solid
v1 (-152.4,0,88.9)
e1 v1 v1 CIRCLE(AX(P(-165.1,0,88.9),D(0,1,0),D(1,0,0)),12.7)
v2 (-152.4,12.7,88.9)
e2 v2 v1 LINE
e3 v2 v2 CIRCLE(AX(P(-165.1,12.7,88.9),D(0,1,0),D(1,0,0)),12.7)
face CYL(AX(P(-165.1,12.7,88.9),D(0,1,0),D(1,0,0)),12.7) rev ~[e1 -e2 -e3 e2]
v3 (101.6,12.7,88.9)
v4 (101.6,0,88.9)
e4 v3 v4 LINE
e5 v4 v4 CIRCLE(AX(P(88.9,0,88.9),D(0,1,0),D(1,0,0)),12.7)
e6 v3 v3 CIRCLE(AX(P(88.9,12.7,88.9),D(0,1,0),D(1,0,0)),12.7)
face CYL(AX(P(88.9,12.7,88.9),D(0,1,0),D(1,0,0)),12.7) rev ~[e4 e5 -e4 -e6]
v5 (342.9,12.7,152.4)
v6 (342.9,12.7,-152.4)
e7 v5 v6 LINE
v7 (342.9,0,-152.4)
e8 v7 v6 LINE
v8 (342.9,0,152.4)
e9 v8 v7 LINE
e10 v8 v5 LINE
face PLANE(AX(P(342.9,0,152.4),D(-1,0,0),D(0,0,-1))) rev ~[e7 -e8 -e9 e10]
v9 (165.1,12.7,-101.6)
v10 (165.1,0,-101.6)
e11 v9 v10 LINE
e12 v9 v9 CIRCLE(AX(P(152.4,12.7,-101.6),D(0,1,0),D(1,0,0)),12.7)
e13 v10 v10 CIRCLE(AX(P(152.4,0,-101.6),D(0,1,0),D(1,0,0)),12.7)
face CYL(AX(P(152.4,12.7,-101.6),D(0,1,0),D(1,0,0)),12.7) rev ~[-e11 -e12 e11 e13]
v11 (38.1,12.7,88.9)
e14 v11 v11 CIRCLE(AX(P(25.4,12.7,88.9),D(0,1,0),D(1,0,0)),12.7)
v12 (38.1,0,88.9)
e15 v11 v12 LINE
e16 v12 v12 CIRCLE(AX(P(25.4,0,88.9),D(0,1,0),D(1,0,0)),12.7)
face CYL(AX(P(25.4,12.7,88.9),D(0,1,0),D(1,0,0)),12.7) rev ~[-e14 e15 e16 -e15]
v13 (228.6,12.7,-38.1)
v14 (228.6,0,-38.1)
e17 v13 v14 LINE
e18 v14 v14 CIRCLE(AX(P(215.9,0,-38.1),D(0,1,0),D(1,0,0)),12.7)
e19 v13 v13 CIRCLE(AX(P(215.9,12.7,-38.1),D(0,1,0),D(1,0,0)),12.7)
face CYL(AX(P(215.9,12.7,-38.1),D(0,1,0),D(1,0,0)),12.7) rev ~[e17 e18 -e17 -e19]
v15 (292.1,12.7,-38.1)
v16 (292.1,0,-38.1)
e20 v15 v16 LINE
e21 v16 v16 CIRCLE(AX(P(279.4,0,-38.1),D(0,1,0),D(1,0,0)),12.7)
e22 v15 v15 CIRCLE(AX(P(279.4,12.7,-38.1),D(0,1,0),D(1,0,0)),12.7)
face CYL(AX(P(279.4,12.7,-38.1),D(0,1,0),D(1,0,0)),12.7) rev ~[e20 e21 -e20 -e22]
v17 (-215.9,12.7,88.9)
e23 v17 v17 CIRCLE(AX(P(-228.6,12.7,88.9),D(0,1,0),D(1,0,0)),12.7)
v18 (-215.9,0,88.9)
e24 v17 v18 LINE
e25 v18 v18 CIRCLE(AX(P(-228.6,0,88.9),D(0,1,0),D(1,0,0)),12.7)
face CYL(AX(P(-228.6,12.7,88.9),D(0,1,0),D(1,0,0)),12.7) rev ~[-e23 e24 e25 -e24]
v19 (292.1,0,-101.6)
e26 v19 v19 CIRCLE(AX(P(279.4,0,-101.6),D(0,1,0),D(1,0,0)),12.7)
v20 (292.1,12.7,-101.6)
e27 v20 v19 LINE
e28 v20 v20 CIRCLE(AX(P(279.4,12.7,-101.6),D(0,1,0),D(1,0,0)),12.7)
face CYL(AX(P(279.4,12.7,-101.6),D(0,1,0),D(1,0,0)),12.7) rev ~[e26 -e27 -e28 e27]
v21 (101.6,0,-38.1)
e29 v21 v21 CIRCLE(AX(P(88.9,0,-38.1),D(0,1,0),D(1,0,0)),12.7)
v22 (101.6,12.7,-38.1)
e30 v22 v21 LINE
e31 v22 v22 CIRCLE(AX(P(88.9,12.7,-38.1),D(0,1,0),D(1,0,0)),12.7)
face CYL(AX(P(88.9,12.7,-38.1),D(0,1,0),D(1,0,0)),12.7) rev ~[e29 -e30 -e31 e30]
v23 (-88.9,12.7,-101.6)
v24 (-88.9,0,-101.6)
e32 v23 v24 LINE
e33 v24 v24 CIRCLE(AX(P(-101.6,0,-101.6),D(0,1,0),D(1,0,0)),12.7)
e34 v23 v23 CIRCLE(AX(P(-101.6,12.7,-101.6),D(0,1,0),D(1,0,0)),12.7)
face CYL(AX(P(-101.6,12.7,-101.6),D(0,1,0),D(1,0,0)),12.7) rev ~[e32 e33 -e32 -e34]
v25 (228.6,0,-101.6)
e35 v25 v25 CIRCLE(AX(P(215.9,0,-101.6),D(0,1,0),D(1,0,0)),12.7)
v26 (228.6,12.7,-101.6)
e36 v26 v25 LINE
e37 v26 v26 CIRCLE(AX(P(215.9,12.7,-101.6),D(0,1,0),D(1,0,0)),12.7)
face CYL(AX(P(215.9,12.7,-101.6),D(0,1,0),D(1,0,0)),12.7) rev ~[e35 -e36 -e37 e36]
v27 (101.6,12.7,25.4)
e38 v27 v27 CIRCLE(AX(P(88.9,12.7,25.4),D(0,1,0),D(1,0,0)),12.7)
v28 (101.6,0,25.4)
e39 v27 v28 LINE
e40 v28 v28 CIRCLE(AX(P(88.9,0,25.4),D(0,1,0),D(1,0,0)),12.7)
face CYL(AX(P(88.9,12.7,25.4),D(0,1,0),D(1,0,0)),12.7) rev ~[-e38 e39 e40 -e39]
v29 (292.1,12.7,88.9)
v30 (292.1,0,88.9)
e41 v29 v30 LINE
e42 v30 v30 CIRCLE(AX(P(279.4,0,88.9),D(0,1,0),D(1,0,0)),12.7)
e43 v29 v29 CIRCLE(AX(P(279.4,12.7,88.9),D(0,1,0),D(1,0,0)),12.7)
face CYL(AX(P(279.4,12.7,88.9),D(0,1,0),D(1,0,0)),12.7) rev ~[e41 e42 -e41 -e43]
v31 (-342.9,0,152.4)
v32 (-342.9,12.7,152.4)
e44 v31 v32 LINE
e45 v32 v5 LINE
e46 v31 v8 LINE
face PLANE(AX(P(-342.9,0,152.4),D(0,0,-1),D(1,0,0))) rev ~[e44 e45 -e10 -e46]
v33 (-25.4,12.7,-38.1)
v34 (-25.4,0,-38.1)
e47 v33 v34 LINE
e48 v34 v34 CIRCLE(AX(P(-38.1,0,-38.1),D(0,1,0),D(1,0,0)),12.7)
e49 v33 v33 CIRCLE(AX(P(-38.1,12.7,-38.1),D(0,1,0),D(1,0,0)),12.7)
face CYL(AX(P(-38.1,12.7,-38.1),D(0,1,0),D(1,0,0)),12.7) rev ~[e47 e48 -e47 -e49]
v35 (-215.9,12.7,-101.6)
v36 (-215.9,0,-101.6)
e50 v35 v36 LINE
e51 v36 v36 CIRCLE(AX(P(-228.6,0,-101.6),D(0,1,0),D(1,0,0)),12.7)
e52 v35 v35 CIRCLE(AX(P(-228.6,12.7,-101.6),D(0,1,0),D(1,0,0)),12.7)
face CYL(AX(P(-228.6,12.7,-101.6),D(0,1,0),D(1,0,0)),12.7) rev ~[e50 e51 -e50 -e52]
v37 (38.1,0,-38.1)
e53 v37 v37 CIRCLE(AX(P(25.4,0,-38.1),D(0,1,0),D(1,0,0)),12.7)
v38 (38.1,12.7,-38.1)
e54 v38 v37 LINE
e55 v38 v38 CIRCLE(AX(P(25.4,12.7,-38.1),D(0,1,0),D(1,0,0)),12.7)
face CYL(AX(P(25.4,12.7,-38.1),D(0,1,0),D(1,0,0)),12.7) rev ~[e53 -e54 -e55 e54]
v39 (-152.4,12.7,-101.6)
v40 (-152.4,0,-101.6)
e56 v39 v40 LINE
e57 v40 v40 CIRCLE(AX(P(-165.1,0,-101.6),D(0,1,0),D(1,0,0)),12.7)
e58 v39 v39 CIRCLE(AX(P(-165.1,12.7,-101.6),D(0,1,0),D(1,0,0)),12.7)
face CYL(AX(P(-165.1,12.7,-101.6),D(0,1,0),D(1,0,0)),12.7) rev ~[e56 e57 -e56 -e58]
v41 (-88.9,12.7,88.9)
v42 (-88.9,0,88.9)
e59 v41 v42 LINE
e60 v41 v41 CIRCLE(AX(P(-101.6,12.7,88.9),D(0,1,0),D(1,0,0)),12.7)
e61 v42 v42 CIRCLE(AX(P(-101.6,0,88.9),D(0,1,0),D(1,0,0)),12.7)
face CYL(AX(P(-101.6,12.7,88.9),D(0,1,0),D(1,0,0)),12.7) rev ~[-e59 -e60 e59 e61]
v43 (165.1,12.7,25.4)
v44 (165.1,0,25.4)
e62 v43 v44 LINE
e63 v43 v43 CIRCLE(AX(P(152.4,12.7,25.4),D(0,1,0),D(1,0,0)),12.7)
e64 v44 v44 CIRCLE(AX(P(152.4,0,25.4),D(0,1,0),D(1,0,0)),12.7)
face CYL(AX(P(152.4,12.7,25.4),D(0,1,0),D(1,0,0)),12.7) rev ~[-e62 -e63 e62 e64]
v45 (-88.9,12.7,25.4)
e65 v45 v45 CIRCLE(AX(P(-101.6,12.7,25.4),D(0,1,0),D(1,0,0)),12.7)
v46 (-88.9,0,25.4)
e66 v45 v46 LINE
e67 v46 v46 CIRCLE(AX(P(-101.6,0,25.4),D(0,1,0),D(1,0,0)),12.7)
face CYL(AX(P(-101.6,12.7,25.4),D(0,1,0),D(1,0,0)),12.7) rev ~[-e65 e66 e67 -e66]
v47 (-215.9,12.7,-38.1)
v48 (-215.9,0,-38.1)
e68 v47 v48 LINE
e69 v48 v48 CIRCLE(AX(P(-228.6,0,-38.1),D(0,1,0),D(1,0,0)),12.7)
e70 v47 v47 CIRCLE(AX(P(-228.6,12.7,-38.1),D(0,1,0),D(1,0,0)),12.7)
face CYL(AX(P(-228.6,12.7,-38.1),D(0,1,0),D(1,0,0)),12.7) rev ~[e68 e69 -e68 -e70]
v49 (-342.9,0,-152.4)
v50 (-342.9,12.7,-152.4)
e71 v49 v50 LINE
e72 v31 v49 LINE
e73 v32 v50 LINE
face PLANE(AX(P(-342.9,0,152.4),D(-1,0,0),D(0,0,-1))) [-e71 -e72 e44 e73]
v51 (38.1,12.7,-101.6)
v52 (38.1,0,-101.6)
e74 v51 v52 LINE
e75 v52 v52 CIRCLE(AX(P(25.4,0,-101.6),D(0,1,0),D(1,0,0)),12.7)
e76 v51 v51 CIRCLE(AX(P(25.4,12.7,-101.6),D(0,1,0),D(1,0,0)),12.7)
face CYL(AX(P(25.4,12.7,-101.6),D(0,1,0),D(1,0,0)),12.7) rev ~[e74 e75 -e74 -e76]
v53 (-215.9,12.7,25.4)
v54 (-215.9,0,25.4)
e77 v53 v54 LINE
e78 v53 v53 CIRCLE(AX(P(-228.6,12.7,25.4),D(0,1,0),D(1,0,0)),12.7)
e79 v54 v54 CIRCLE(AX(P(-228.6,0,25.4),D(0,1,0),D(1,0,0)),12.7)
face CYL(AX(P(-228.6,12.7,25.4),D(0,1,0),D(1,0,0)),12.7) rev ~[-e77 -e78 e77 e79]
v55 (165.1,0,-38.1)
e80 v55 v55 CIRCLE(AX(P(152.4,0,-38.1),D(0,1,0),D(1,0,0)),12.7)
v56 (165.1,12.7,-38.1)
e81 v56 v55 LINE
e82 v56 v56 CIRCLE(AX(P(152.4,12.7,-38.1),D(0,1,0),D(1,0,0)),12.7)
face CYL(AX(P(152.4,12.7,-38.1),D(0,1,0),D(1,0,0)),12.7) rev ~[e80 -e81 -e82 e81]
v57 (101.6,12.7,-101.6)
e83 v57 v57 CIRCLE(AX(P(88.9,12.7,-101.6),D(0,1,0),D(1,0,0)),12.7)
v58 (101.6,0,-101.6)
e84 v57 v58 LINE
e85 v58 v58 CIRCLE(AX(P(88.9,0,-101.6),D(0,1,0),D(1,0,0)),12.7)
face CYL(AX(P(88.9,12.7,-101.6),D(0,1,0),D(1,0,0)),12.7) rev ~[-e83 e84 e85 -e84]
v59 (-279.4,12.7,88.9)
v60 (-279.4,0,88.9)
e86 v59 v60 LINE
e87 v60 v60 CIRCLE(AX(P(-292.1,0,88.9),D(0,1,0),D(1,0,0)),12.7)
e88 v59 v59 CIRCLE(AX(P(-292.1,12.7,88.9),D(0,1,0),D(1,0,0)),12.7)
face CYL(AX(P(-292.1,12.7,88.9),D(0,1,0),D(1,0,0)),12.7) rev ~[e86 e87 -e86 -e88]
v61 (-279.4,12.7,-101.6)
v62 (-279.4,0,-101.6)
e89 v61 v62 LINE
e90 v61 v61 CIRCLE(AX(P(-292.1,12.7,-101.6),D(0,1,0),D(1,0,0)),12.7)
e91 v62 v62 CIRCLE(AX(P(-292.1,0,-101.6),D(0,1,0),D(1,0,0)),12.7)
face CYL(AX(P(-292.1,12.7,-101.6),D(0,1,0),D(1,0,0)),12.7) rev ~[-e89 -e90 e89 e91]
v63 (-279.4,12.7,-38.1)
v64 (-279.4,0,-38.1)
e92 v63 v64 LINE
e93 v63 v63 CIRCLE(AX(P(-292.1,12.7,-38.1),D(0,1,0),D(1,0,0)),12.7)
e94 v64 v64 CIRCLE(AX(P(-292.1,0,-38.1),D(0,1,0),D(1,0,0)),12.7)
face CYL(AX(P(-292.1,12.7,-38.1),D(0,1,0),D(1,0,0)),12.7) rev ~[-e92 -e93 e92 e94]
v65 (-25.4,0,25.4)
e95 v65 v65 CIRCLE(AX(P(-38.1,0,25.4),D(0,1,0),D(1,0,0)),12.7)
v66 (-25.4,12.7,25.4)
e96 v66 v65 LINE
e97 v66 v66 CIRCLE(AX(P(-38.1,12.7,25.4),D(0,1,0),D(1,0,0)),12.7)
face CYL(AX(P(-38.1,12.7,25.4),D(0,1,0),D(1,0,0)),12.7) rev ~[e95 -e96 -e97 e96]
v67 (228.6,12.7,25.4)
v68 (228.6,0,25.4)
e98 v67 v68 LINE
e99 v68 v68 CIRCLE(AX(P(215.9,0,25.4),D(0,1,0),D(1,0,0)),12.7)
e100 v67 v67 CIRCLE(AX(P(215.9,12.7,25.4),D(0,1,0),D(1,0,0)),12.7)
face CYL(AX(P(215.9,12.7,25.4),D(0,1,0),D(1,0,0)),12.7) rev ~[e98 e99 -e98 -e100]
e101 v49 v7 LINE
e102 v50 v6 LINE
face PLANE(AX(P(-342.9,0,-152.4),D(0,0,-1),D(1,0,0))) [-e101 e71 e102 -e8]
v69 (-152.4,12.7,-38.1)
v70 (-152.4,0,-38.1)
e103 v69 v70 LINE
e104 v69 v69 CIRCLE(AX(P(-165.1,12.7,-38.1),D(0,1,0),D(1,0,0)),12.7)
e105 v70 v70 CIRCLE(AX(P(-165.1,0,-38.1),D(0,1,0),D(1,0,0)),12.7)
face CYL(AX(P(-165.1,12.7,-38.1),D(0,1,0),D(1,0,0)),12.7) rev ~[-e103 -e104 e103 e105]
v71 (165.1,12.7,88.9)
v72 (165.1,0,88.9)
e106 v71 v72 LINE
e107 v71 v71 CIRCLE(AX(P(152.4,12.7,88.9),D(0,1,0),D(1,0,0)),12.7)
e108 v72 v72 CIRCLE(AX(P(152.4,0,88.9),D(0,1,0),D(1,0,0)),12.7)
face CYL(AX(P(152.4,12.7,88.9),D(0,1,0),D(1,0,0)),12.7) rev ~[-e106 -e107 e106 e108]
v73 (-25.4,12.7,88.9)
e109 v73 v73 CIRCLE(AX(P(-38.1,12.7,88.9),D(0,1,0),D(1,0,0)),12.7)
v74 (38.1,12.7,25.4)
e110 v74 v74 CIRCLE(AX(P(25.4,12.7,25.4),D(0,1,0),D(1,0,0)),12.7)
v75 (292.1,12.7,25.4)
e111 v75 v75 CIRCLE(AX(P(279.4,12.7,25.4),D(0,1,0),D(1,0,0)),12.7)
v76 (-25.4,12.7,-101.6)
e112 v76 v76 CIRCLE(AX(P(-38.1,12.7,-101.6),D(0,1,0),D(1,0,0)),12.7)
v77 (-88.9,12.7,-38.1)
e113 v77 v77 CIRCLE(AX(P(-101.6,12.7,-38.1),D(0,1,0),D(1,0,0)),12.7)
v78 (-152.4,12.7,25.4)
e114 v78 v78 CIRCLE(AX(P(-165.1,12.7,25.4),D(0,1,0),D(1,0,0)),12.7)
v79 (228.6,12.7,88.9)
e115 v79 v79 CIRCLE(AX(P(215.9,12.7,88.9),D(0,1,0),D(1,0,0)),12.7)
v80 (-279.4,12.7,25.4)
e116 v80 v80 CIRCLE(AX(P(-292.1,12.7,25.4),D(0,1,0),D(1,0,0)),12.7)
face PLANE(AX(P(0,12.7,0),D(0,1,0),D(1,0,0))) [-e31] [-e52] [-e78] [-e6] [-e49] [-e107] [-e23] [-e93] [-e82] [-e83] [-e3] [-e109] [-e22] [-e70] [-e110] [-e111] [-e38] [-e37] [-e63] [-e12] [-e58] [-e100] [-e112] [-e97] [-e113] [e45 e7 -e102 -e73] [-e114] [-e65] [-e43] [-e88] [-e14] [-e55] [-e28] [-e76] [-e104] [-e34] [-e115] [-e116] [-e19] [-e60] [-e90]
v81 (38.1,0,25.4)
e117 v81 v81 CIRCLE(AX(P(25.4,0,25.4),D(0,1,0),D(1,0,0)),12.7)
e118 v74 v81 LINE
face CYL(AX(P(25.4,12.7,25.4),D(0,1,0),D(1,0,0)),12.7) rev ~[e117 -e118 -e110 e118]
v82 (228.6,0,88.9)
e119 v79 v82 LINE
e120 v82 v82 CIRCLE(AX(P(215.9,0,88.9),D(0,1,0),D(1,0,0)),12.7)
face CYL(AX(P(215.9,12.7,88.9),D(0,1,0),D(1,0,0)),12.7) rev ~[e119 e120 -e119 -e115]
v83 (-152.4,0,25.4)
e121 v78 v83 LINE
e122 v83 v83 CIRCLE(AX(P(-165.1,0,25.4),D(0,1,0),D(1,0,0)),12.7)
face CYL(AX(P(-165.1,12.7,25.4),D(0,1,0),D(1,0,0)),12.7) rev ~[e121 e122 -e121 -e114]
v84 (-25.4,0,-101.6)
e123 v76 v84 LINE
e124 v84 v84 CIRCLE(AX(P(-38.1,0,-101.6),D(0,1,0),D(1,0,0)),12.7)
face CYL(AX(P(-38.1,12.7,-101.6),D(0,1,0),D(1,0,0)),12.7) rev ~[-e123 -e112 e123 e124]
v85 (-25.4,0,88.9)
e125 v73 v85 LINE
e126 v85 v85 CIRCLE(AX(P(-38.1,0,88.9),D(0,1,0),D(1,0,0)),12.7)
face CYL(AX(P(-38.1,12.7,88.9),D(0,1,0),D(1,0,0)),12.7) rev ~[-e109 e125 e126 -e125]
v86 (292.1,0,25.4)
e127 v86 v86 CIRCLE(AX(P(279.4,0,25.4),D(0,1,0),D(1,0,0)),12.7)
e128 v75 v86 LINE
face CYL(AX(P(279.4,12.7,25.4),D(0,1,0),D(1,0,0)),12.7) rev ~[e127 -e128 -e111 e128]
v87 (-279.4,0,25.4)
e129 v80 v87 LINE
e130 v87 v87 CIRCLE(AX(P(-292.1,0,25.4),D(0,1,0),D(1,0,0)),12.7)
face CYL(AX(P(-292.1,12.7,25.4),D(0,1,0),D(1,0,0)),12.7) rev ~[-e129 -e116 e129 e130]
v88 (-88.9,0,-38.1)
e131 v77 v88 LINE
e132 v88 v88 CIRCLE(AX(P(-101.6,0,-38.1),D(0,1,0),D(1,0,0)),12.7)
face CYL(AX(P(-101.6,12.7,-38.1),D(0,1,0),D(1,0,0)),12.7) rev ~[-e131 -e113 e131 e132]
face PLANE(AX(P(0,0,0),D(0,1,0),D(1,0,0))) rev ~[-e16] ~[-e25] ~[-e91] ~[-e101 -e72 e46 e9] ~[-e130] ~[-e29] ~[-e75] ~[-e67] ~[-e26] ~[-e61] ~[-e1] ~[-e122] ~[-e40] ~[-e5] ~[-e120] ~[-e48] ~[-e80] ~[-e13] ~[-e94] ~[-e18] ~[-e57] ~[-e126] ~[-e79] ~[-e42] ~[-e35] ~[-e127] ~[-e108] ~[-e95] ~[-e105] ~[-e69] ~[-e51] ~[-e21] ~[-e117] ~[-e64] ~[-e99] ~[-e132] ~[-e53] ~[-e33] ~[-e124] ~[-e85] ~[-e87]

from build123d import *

# Parameters (mm, degrees)
SKETCH1_W           = 685.8
SKETCH1_H           = 304.8
BOSS_EXTRUDE1_DEPTH = 12.7
SKETCH2_R           = 12.7
CUT_EXTRUDE1_DEPTH  = 13.7


with BuildPart() as part:
    # Sketch1 → Boss-Extrude1 (new body)
    with BuildSketch(Plane(origin=(0, 0, 0), x_dir=(1, 0, 0), z_dir=(0, 1, 0))):
        Rectangle(SKETCH1_W, SKETCH1_H)
    extrude(amount=BOSS_EXTRUDE1_DEPTH)

    # Sketch2 → Cut-Extrude1 (cut, through all)
    with BuildSketch(Plane(origin=(0, 12.7, 0), x_dir=(1, 0, 0), z_dir=(0, 1, 0))):
        with Locations((-292.1, 101.6)):
            Circle(SKETCH2_R)
        with Locations((-228.6, 101.6)):
            Circle(SKETCH2_R)
        with Locations((-165.1, 101.6)):
            Circle(SKETCH2_R)
        with Locations((-101.6, 101.6)):
            Circle(SKETCH2_R)
        with Locations((-38.1, 101.6)):
            Circle(SKETCH2_R)
        with Locations((25.4, 101.6)):
            Circle(SKETCH2_R)
        with Locations((88.9, 101.6)):
            Circle(SKETCH2_R)
        with Locations((152.4, 101.6)):
            Circle(SKETCH2_R)
        with Locations((215.9, 101.6)):
            Circle(SKETCH2_R)
        with Locations((279.4, 101.6)):
            Circle(SKETCH2_R)
        with Locations((-228.6, 38.1)):
            Circle(SKETCH2_R)
        with Locations((-165.1, 38.1)):
            Circle(SKETCH2_R)
        with Locations((-101.6, 38.1)):
            Circle(SKETCH2_R)
        with Locations((-38.1, 38.1)):
            Circle(SKETCH2_R)
        with Locations((25.4, 38.1)):
            Circle(SKETCH2_R)
        with Locations((88.9, 38.1)):
            Circle(SKETCH2_R)
        with Locations((152.4, 38.1)):
            Circle(SKETCH2_R)
        with Locations((215.9, 38.1)):
            Circle(SKETCH2_R)
        with Locations((279.4, 38.1)):
            Circle(SKETCH2_R)
        with Locations((-228.6, -25.4)):
            Circle(SKETCH2_R)
        with Locations((-165.1, -25.4)):
            Circle(SKETCH2_R)
        with Locations((-101.6, -25.4)):
            Circle(SKETCH2_R)
        with Locations((-38.1, -25.4)):
            Circle(SKETCH2_R)
        with Locations((25.4, -25.4)):
            Circle(SKETCH2_R)
        with Locations((88.9, -25.4)):
            Circle(SKETCH2_R)
        with Locations((152.4, -25.4)):
            Circle(SKETCH2_R)
        with Locations((215.9, -25.4)):
            Circle(SKETCH2_R)
        with Locations((279.4, -25.4)):
            Circle(SKETCH2_R)
        with Locations((-228.6, -88.9)):
            Circle(SKETCH2_R)
        with Locations((-165.1, -88.9)):
            Circle(SKETCH2_R)
        with Locations((-101.6, -88.9)):
            Circle(SKETCH2_R)
        with Locations((-38.1, -88.9)):
            Circle(SKETCH2_R)
        with Locations((25.4, -88.9)):
            Circle(SKETCH2_R)
        with Locations((88.9, -88.9)):
            Circle(SKETCH2_R)
        with Locations((152.4, -88.9)):
            Circle(SKETCH2_R)
        with Locations((215.9, -88.9)):
            Circle(SKETCH2_R)
        with Locations((279.4, -88.9)):
            Circle(SKETCH2_R)
        with Locations((-292.1, 38.1)):
            Circle(SKETCH2_R)
        with Locations((-292.1, -25.4)):
            Circle(SKETCH2_R)
        with Locations((-292.1, -88.9)):
            Circle(SKETCH2_R)
    extrude(amount=-CUT_EXTRUDE1_DEPTH, mode=Mode.SUBTRACT)


solid = part.part
